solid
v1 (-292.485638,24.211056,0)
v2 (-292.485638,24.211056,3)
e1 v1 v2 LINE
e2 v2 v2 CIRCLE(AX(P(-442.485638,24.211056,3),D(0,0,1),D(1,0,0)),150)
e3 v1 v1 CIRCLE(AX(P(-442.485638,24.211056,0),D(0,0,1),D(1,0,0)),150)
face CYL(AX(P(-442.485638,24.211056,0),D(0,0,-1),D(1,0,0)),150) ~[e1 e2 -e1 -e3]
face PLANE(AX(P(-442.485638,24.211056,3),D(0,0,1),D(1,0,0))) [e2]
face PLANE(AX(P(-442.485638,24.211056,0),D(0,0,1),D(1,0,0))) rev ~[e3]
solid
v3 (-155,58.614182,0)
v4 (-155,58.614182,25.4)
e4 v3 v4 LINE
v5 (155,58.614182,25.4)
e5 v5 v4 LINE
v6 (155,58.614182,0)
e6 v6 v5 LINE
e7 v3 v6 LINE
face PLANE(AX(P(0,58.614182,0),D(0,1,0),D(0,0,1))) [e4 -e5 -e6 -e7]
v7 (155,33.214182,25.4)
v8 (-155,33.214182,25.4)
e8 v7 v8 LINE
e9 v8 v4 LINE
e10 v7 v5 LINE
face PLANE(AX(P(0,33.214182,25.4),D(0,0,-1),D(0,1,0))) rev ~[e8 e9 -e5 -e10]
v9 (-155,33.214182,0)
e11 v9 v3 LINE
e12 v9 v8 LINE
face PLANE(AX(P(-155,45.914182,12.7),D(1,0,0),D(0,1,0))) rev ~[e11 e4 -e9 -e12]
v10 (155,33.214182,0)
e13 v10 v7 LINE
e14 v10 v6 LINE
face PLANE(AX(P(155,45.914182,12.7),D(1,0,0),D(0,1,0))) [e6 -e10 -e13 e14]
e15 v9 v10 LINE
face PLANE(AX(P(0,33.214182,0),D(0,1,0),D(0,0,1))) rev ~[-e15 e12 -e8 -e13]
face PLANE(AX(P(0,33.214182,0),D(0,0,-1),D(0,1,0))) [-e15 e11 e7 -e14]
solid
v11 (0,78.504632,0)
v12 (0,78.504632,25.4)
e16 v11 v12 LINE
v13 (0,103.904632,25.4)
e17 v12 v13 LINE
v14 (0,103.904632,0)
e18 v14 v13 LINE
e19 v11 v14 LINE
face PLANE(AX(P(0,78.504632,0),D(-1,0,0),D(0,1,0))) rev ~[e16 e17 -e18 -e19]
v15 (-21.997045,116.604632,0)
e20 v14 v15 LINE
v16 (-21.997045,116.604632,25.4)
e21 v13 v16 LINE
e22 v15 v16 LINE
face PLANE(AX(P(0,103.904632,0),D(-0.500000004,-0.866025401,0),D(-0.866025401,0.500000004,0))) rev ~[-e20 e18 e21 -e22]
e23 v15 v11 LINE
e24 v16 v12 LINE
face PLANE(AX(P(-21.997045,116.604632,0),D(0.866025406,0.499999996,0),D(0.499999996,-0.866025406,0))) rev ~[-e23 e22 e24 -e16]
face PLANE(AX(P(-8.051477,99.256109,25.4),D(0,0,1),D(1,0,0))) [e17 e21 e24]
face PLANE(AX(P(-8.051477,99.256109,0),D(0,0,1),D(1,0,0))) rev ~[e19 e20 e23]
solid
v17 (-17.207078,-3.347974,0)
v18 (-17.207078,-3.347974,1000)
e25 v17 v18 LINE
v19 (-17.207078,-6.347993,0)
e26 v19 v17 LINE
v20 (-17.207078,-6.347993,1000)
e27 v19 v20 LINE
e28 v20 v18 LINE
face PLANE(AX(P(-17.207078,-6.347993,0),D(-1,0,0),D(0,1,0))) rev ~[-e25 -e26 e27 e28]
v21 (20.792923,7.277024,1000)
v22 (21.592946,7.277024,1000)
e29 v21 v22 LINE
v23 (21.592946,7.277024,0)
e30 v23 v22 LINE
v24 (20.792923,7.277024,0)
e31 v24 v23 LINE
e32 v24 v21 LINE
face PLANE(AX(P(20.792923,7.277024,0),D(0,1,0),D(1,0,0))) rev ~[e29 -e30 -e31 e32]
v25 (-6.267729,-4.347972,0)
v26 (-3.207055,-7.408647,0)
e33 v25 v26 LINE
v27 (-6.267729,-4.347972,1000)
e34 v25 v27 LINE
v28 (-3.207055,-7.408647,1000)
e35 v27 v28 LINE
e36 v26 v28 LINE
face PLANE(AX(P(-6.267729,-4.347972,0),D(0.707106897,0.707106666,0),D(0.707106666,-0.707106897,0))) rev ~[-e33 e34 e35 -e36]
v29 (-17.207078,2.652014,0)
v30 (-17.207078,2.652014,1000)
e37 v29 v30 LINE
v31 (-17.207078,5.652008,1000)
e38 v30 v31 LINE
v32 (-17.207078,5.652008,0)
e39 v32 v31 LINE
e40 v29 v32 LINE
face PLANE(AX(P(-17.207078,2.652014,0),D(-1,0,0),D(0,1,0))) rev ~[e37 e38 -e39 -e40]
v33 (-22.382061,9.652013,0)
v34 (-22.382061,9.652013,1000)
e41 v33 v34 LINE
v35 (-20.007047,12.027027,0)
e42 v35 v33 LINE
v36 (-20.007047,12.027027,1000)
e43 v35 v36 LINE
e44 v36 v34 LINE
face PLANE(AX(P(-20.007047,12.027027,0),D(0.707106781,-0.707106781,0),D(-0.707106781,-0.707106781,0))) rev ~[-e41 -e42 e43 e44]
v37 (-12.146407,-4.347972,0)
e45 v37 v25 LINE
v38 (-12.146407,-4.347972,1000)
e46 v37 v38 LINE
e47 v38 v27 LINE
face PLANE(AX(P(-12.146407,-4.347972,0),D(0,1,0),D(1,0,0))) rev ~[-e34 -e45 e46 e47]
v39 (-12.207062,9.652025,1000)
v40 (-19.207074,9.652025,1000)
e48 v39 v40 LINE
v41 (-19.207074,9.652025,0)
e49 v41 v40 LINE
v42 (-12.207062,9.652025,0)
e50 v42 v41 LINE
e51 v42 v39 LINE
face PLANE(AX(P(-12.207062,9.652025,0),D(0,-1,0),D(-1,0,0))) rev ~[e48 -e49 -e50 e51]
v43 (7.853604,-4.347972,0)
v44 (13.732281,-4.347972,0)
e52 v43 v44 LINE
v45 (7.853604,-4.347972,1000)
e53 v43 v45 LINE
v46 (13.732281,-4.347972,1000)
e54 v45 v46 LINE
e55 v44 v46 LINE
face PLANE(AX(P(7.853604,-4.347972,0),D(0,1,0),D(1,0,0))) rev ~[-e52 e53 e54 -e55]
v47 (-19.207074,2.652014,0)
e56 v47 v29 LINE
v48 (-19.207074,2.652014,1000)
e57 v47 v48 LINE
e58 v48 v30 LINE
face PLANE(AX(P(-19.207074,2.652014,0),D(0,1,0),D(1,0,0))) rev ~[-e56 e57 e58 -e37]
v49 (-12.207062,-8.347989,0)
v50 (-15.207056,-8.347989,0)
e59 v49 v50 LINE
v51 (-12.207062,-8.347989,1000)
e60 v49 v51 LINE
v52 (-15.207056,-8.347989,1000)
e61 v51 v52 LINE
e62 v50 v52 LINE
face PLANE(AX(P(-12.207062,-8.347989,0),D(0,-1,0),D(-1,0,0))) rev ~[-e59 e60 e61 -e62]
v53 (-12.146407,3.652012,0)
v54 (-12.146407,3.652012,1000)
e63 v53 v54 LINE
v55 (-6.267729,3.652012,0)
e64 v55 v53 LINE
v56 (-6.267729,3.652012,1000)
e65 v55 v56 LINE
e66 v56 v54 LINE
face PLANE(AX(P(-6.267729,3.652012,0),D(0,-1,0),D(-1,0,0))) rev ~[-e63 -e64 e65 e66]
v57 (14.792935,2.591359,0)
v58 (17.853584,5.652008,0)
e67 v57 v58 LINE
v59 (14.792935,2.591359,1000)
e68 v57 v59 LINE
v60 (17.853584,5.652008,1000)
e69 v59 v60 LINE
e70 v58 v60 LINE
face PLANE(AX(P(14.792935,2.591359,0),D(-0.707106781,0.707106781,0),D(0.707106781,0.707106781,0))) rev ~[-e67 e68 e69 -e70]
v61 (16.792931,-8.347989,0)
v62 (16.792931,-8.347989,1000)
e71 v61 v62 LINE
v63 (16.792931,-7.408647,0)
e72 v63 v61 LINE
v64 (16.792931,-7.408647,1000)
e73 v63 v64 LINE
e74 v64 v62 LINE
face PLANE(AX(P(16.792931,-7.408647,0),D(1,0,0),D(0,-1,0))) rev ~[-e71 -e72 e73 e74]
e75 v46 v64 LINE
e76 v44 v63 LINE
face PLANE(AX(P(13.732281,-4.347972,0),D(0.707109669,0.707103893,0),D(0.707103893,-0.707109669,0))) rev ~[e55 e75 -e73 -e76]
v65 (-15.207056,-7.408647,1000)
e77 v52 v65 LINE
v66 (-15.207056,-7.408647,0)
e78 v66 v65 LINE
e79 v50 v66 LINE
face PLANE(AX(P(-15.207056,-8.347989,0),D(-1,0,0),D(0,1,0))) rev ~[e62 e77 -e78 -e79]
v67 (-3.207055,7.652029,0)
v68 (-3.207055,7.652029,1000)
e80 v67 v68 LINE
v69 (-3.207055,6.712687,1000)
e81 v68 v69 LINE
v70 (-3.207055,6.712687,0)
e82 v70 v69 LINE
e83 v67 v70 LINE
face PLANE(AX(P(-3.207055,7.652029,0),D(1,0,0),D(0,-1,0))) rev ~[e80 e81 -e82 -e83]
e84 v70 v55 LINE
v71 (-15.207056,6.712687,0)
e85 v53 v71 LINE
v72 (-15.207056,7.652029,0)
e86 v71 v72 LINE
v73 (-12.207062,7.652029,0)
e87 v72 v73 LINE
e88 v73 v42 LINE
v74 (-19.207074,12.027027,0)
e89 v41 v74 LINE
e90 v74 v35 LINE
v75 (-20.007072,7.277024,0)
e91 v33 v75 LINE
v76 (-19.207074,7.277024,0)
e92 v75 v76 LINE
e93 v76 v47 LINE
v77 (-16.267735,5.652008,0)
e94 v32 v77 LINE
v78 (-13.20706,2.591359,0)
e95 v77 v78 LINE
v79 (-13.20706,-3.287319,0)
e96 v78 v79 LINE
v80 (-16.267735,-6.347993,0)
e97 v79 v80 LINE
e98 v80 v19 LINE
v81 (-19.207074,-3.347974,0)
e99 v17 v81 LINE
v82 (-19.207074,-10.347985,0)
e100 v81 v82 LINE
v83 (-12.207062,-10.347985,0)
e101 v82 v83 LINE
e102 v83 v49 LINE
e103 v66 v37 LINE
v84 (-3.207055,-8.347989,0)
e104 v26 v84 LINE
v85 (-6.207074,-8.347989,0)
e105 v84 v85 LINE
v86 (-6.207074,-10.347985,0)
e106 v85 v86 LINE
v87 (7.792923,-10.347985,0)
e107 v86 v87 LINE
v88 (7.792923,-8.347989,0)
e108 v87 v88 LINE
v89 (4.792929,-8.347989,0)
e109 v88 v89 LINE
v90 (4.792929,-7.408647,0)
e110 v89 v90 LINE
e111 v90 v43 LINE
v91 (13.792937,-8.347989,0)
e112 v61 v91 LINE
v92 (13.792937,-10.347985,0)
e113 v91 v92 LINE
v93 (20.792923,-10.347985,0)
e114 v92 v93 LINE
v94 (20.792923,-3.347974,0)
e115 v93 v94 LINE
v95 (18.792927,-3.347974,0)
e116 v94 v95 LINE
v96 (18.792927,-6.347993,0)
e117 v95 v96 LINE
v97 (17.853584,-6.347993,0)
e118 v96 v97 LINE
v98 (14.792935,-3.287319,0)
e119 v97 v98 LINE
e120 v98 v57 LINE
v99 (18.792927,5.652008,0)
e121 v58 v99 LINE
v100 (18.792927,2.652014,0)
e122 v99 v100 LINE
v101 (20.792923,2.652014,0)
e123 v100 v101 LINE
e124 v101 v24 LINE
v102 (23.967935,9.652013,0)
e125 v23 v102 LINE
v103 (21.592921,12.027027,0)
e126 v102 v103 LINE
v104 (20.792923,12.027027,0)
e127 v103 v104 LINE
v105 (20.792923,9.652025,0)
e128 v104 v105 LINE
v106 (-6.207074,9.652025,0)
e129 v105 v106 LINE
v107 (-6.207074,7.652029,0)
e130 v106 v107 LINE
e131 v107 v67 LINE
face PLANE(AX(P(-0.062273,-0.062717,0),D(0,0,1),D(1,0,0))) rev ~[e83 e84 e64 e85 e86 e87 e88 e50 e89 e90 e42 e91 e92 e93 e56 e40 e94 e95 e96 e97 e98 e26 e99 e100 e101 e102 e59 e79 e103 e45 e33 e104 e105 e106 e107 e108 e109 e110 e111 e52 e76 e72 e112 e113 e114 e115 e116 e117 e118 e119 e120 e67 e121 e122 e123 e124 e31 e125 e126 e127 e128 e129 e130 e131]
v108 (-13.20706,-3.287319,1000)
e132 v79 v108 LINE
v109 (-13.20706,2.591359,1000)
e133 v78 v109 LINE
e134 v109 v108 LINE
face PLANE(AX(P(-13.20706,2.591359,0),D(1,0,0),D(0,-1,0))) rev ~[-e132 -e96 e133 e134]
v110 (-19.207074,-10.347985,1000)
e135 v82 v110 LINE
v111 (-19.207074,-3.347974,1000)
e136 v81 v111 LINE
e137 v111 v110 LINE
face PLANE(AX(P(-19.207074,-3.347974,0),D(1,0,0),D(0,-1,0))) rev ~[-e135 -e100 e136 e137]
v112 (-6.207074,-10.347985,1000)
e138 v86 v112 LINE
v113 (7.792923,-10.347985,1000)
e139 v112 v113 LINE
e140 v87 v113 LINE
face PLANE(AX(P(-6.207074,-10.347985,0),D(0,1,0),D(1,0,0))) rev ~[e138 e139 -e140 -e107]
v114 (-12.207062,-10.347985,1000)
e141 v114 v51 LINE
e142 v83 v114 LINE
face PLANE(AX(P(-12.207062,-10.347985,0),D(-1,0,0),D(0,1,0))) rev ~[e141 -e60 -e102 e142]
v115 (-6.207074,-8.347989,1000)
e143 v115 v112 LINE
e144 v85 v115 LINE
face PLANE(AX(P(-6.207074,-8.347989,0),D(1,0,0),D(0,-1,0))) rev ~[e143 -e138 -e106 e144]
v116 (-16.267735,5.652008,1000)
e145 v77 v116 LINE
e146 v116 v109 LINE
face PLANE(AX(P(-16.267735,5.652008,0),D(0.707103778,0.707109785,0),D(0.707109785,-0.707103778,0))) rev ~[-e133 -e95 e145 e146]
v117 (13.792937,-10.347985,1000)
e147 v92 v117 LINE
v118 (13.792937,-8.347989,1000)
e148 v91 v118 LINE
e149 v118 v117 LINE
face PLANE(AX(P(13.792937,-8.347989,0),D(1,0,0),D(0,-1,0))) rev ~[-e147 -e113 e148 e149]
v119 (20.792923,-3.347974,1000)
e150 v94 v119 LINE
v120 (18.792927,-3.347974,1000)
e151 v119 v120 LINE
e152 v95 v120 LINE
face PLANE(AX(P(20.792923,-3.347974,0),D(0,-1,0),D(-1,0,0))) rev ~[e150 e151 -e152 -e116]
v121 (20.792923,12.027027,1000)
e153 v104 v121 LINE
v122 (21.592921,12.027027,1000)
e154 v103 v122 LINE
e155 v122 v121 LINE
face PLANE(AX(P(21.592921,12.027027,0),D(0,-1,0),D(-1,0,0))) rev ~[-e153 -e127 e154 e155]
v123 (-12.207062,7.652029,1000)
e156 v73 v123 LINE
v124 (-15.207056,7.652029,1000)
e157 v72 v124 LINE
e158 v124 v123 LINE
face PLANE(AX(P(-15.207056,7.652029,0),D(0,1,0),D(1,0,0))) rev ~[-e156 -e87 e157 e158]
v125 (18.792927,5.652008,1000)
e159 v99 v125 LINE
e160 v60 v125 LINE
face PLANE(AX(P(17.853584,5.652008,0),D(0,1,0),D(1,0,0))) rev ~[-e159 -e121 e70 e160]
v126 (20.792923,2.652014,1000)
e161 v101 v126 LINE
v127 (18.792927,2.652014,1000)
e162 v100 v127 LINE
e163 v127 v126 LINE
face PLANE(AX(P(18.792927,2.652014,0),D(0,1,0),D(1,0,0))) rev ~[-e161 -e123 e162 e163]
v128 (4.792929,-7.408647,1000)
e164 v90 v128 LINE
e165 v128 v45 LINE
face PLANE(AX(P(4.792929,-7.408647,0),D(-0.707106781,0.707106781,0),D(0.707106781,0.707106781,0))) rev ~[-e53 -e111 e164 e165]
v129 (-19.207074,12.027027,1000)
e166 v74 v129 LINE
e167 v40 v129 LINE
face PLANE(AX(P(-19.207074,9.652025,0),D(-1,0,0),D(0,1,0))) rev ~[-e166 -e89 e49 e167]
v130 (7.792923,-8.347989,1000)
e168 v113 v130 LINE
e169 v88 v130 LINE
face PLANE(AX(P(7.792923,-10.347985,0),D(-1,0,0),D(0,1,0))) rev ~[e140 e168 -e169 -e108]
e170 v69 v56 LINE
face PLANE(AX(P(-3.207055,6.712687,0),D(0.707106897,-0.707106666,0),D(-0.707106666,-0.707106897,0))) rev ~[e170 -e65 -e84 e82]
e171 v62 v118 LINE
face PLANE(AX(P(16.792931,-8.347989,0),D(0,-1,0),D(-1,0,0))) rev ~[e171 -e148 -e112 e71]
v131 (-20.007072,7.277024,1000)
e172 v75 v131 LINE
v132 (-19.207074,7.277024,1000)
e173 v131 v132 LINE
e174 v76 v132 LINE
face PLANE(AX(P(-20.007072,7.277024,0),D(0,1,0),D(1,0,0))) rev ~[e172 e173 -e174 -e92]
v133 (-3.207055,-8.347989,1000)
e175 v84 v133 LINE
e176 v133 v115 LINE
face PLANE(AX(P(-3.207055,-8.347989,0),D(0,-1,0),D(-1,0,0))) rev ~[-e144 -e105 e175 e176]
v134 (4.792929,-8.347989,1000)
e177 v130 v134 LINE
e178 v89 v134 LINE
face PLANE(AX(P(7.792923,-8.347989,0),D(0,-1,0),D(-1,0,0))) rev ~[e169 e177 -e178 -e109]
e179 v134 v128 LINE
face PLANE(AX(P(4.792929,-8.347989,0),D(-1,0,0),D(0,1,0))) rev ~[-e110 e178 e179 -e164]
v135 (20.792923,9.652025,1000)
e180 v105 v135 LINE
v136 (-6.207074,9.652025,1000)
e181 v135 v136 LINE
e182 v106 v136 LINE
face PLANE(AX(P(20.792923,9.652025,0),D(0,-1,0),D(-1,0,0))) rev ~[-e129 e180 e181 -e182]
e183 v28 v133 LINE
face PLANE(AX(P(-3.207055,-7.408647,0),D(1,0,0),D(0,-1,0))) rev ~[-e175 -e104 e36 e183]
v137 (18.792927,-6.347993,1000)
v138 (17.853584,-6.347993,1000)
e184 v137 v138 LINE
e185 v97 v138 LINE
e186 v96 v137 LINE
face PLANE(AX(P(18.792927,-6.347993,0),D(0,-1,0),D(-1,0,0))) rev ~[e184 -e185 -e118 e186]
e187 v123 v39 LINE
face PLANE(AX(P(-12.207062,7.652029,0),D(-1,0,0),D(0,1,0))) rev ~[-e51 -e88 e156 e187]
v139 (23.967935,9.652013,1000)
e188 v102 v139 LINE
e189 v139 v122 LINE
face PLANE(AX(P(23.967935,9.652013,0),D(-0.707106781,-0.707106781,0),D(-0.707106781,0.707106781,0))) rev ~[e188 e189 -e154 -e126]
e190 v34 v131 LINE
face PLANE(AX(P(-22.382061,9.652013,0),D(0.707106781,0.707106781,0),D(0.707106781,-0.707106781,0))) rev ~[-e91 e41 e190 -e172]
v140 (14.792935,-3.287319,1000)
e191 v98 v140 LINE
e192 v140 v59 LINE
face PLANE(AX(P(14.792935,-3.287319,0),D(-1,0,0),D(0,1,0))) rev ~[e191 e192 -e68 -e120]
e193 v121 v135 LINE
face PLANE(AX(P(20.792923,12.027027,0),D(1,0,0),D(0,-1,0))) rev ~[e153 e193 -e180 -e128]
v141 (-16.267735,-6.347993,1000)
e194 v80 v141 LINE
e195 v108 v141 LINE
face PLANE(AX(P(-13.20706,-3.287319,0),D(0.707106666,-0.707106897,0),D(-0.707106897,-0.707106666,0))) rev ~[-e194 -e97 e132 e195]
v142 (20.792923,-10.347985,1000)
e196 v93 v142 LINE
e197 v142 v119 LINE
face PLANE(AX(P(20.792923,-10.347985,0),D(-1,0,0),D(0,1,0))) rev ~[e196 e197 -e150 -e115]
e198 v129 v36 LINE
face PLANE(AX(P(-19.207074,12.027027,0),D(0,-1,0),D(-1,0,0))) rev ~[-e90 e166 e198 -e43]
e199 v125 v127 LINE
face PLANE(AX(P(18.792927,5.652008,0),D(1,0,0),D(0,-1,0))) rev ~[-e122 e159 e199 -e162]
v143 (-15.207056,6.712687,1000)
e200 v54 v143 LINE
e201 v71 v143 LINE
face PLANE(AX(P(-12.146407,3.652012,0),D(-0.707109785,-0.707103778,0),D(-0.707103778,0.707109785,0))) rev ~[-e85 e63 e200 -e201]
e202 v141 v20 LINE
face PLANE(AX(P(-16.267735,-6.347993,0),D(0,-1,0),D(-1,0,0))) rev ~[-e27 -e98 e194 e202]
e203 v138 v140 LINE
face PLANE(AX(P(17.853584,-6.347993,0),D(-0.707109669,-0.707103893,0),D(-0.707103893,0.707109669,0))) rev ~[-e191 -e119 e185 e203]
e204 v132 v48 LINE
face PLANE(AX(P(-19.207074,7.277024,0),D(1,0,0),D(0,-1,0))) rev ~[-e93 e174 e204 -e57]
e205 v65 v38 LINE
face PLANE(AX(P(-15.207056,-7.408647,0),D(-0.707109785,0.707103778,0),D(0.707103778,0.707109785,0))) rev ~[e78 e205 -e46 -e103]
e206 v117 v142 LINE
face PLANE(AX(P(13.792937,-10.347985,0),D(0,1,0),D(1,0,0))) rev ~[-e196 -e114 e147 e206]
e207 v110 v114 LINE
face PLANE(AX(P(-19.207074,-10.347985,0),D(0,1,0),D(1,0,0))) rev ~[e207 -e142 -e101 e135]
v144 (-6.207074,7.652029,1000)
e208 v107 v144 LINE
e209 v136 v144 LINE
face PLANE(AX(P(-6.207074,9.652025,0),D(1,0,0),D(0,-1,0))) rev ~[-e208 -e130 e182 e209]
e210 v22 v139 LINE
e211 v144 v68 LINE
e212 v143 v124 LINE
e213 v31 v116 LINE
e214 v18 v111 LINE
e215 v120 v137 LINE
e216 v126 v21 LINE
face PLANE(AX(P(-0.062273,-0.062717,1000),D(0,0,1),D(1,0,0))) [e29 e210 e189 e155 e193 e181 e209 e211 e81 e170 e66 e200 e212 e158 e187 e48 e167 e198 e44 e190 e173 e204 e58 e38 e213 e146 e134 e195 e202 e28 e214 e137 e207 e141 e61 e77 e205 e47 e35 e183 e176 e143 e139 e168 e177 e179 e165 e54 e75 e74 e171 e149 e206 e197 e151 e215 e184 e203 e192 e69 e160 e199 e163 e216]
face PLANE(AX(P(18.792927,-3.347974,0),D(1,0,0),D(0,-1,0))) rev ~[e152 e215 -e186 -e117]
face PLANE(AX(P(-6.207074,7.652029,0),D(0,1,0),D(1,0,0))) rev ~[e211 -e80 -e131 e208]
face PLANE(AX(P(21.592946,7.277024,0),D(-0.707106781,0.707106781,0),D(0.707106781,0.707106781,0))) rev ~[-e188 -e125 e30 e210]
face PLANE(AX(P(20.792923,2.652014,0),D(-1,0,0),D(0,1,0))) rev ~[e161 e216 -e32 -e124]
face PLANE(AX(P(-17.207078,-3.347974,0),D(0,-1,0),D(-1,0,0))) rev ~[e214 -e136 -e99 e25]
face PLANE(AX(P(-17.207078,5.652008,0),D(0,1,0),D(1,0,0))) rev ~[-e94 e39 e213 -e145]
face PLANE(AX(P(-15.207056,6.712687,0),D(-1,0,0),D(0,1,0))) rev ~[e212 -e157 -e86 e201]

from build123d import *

# Parameters (mm, degrees)
F0_R     = 150
F1_DEPTH = 3
F3_DEPTH = 1000
F4_W     = 25.4
F4_H     = 25.4
F5_DEPTH = 155
F7_DEPTH = 25.4


with BuildPart() as f1:
    # F0 (on Top) → F1 (new body)
    with BuildSketch(Plane.XY):
        with Locations((-442.485638, 24.211056)):
            Circle(F0_R)
    extrude(amount=F1_DEPTH)


with BuildPart() as f3:
    # F2 (on Top) → F3 (new body)
    with BuildSketch(Plane.XY):
        Polygon((-19.207074, 9.652025), (-19.207074, 12.027027), (-20.007047, 12.027027), (-22.382061, 9.652013), (-20.007072, 7.277024), (-19.207074, 7.277024), (-19.207074, 2.652014), (-17.207078, 2.652014), (-17.207078, 5.652008), (-16.267735, 5.652008), (-13.20706, 2.591359), (-13.20706, -3.287319), (-16.267735, -6.347993), (-17.207078, -6.347993), (-17.207078, -3.347974), (-19.207074, -3.347974), (-19.207074, -10.347985), (-12.207062, -10.347985), (-12.207062, -8.347989), (-15.207056, -8.347989), (-15.207056, -7.408647), (-12.146407, -4.347972), (-6.267729, -4.347972), (-3.207055, -7.408647), (-3.207055, -8.347989), (-6.207074, -8.347989), (-6.207074, -10.347985), (7.792923, -10.347985), (7.792923, -8.347989), (4.792929, -8.347989), (4.792929, -7.408647), (7.853604, -4.347972), (13.732281, -4.347972), (16.792931, -7.408647), (16.792931, -8.347989), (13.792937, -8.347989), (13.792937, -10.347985), (20.792923, -10.347985), (20.792923, -3.347974), (18.792927, -3.347974), (18.792927, -6.347993), (17.853584, -6.347993), (14.792935, -3.287319), (14.792935, 2.591359), (17.853584, 5.652008), (18.792927, 5.652008), (18.792927, 2.652014), (20.792923, 2.652014), (20.792923, 7.277024), (21.592946, 7.277024), (23.967935, 9.652013), (21.592921, 12.027027), (20.792923, 12.027027), (20.792923, 9.652025), (-6.207074, 9.652025), (-6.207074, 7.652029), (-3.207055, 7.652029), (-3.207055, 6.712687), (-6.267729, 3.652012), (-12.146407, 3.652012), (-15.207056, 6.712687), (-15.207056, 7.652029), (-12.207062, 7.652029), (-12.207062, 9.652025), align=None)
    extrude(amount=F3_DEPTH)


with BuildPart() as f5:
    # F4 (on Right) → F5 (new body, symmetric)
    with BuildSketch(Plane.YZ):
        with Locations((45.914182, 12.7)):
            Rectangle(F4_W, F4_H)
    extrude(amount=F5_DEPTH, both=True)


with BuildPart() as f7:
    # F6 (on Top) → F7 (new body)
    with BuildSketch(Plane.XY):
        Polygon((-21.997045, 116.604632), (0, 78.504632), (0, 103.904632), align=None)
    extrude(amount=F7_DEPTH)


solid = Compound([f1.part, f3.part, f5.part, f7.part])
